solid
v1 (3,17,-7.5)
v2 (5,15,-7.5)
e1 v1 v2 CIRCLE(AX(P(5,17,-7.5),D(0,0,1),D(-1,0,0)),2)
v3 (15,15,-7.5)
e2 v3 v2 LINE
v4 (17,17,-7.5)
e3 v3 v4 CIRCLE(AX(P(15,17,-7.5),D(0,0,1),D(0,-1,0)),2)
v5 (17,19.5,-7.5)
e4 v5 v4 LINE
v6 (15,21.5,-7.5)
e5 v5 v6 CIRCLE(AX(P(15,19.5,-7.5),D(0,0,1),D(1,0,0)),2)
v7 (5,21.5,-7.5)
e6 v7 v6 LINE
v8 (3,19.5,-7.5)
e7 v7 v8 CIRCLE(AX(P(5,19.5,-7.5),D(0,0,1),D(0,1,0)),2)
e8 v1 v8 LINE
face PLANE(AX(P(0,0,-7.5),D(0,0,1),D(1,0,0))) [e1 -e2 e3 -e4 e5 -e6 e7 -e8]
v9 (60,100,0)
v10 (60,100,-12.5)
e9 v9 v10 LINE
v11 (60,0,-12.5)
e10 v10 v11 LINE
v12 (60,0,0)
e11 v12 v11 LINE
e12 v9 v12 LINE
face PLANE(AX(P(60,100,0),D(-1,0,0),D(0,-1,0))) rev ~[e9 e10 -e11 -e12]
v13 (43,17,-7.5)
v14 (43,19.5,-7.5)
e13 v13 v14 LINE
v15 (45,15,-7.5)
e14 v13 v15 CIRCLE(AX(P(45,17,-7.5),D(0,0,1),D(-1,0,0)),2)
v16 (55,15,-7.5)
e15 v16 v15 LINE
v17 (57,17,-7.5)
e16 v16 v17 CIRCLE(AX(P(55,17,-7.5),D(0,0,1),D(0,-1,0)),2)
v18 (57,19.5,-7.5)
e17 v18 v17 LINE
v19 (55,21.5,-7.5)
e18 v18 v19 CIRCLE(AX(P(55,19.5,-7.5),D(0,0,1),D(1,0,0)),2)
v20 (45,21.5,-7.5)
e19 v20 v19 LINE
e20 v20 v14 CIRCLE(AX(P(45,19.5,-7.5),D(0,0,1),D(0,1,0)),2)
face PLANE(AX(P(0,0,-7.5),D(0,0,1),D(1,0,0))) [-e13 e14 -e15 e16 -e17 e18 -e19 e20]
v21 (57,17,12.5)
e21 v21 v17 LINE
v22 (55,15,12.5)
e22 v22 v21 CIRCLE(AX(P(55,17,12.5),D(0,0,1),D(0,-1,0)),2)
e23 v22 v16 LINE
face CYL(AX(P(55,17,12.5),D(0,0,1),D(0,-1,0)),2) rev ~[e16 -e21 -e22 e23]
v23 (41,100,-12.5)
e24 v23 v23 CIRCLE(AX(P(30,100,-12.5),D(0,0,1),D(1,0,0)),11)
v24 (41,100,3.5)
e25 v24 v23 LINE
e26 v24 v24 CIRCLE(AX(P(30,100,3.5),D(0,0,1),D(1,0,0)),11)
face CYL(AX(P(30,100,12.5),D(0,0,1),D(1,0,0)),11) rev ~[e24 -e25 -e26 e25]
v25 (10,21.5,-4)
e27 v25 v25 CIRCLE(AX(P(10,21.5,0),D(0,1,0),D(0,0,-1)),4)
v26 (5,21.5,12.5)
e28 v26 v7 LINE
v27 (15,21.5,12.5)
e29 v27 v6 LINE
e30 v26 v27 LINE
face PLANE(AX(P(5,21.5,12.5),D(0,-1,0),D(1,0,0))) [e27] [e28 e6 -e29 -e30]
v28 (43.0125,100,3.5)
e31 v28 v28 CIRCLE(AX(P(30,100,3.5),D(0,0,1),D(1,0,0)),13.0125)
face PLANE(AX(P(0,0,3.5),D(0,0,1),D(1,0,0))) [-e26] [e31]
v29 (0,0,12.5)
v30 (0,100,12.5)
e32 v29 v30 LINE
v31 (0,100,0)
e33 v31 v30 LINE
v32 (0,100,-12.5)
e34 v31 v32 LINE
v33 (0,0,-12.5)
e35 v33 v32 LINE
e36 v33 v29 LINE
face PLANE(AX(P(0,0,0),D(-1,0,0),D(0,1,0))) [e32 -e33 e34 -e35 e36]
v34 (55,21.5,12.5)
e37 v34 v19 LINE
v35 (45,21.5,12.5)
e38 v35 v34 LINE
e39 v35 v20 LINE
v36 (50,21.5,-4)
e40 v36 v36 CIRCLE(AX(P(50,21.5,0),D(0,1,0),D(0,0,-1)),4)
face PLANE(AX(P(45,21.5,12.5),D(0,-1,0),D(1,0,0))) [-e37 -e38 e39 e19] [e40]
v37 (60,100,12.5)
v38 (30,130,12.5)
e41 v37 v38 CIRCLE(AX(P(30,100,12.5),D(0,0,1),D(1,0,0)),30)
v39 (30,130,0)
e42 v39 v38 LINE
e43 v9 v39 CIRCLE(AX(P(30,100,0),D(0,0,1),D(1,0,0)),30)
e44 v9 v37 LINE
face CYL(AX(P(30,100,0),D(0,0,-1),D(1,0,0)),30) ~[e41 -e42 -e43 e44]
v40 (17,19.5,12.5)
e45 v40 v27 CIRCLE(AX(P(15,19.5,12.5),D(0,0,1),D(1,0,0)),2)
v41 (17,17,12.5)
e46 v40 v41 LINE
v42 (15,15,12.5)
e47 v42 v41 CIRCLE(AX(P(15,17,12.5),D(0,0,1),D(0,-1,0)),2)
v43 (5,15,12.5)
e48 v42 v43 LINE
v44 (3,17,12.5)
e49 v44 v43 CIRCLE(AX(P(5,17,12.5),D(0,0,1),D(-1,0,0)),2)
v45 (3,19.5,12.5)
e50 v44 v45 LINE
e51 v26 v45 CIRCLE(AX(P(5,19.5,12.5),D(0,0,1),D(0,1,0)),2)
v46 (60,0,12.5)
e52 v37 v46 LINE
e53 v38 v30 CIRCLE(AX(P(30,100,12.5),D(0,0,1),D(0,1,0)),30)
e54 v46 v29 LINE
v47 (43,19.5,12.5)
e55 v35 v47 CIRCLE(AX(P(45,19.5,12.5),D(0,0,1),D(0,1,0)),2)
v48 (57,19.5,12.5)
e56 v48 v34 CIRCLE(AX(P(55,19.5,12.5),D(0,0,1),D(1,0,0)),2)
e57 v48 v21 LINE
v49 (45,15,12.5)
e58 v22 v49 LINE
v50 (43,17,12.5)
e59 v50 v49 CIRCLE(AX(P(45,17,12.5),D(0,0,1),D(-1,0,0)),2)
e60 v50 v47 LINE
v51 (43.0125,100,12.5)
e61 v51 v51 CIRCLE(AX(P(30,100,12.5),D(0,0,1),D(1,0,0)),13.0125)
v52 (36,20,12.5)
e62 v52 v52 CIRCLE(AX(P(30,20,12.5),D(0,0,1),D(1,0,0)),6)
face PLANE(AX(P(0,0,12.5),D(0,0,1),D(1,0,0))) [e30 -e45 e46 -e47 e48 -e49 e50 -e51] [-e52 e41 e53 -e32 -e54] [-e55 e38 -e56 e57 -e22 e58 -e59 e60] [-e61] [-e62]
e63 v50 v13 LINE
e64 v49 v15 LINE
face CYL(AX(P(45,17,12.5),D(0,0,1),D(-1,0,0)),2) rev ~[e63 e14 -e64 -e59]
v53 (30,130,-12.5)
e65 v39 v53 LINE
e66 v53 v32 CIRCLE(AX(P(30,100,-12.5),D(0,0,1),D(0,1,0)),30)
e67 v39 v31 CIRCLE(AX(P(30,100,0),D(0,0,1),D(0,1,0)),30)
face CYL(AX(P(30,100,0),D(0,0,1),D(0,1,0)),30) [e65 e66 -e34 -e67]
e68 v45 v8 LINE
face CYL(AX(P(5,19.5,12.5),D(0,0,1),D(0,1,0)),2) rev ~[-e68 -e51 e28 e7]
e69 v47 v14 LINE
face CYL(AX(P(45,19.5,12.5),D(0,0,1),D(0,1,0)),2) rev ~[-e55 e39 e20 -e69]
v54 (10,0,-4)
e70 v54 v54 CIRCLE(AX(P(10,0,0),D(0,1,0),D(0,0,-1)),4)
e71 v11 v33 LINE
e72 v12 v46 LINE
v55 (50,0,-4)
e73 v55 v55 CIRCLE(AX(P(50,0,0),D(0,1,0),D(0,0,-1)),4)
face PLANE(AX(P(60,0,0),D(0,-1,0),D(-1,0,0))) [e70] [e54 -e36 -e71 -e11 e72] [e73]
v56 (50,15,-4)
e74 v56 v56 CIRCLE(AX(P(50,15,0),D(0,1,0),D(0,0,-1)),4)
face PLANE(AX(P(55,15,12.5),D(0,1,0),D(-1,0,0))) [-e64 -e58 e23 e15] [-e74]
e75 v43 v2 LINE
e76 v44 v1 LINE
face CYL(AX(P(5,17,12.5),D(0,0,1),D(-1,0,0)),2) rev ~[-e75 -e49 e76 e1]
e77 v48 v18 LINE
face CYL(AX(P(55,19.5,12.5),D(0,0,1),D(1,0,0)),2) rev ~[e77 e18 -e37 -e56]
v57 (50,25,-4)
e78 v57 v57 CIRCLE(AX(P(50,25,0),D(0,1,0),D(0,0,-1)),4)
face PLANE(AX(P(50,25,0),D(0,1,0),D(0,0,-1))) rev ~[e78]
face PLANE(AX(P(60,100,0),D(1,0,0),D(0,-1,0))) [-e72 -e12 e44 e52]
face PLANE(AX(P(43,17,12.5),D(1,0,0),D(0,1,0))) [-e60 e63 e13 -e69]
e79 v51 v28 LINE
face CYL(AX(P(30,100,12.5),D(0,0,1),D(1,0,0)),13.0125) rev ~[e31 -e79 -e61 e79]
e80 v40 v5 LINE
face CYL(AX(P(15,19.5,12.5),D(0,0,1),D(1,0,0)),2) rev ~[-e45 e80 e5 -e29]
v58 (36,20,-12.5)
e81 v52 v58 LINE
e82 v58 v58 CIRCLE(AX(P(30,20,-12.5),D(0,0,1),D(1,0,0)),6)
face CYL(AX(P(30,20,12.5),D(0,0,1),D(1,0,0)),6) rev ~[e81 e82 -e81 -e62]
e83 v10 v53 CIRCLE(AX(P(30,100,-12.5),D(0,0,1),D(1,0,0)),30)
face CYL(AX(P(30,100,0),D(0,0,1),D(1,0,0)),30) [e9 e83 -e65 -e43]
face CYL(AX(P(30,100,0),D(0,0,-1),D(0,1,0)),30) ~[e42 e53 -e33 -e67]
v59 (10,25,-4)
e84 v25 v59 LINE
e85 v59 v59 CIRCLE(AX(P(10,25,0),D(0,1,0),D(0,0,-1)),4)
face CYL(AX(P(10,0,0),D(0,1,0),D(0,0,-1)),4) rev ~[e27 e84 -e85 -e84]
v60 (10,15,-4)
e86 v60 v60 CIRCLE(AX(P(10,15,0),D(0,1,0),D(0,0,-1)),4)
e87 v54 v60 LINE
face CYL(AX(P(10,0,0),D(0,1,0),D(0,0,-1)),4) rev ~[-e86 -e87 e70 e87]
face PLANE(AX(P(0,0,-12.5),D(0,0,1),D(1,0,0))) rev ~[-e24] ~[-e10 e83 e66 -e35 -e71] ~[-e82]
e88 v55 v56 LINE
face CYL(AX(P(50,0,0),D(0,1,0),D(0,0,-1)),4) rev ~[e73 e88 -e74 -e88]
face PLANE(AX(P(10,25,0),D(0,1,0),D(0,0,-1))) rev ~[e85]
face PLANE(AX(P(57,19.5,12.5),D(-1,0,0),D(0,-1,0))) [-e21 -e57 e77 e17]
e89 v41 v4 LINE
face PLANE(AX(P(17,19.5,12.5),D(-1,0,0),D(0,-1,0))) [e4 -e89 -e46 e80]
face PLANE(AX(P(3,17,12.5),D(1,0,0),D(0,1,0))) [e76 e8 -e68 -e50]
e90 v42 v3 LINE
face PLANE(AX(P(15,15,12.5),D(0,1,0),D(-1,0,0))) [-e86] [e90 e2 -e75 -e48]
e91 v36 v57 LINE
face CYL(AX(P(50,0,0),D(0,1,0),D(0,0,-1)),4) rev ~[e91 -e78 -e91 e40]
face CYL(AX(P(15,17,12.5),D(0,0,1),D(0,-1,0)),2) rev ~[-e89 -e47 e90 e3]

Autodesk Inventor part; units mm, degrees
ref_plane "YZ Plane" through (0, 0, 0) normal (1, 0, 0) x (0, 1, 0)
ref_plane "XZ Plane" through (0, 0, 0) normal (0, 1, 0) x (-1, 0, 0)
ref_plane "XY Plane" through (0, 0, 0) normal (0, 0, 1) x (1, 0, 0)
sketch "Boceto1" plane through (0, 0, 0) normal (0, 0, 1) x (1, 0, 0)
  point P0 (0, 0)
sketch "Boceto2" plane through (0, 0, 0) normal (0, 0, 1) x (1, 0, 0)
  line L0 (0, 0) -> (0, 100)
  line L1 (30, 130) -> (30, 130)
  line L2 (60, 100) -> (60, 0)
  line L3 (60, 0) -> (0, 0)
  arc A0 (30, 130) -> (0, 100) centre (30, 100) ccw
  arc A1 (60, 100) -> (30, 130) centre (30, 100) ccw
  point P0 (0, 130)
  point P1 (60, 130)
  dimension "d1" = 30
  dimension "d2" = 100
  dimension "d3" = 60
extrude "Extrusión1" add sketch "Boceto2" along normal mid plane 25
sketch "Boceto9" plane through (0, 0, 12.5) normal (0, -1, 0) x (1, 0, 0)
  circle A0 centre (50, -12.5) radius 4
  line L0 (60, -25) -> (0, -25) projected
  circle A1 centre (10, -12.5) radius 4
  line L1 (0, -12.5) -> (60, -12.5) construction
  line L2 (60, 0) -> (60, -25) construction
  dimension "d52" = 8
  dimension "d88" = 10
  dimension "d89" = 10
hole "Agujero4" at (10, 0, 0) at (50, 0, 0) direction (0, 1, 0) diameter 8 depth 25
thread "Rosca3" size "M8x1.25" class "6H" standard "ANSI Metric M Profile" full length
thread "Rosca4" size "M8x1.25" class "6H" standard "ANSI Metric M Profile" full length
sketch "Boceto10" plane through (0, 0, 12.5) normal (0, 0, 1) x (1, 0, 0)
  circle A0 centre (30, 100) radius 11
  circle A1 centre (30, 100) radius 13.0125
  line L0 (60, 0) -> (60, 100) projected
  line L1 (0, 100) -> (0, 0) projected
  line L2 (40, 144.843) -> (20, 144.843) projected
  dimension "d64" = 22
  dimension "d65" = 30
  dimension "d68" = 26.025
  dimension "d90" = 100
extrude "Extrusión5" cut sketch "Boceto10" against normal through all contours A0
extrude "Extrusión6" cut sketch "Boceto10" against normal blind 9
sketch "Boceto12" plane through (0, 0, 12.5) normal (0, 0, 1) x (1, 0, 0)
  line L0 (5, 21.5) -> (15, 21.5)
  line L1 (17, 19.5) -> (17, 17)
  line L2 (15, 15) -> (5, 15)
  line L3 (3, 17) -> (3, 19.5)
  line L4 (45, 21.5) -> (55, 21.5)
  line L5 (57, 19.5) -> (57, 17)
  line L6 (55, 15) -> (45, 15)
  line L7 (43, 17) -> (43, 19.5)
  line L8 (0, 0) -> (60, 0) projected
  line L9 (10, 0) -> (10, 43.0314) construction
  line L10 (54, 0) -> (46, 0) construction
  line L11 (50, 0) -> (50, 39.0292) construction
  arc A0 (5, 21.5) -> (3, 19.5) centre (5, 19.5) ccw
  arc A1 (3, 17) -> (5, 15) centre (5, 17) ccw
  arc A2 (15, 15) -> (17, 17) centre (15, 17) ccw
  arc A3 (17, 19.5) -> (15, 21.5) centre (15, 19.5) ccw
  arc A4 (45, 21.5) -> (43, 19.5) centre (45, 19.5) ccw
  arc A5 (43, 17) -> (45, 15) centre (45, 17) ccw
  arc A6 (57, 19.5) -> (55, 21.5) centre (55, 19.5) ccw
  arc A7 (55, 15) -> (57, 17) centre (55, 17) ccw
  point P0 (17, 15)
  point P1 (17, 21.5)
  point P2 (3, 15)
  point P3 (43, 21.5)
  point P4 (57, 15)
  point P5 (43, 15)
  dimension "d91" = 14
  dimension "d92" = 14
  dimension "d93" = 6.5
  dimension "d94" = 15
  dimension "d95" = 40
  dimension "d96" = 7
  dimension "d97" = 7
  dimension "d98" = 2
  dimension "d99" = 2
  dimension "d100" = 2
  dimension "d101" = 2
  dimension "d102" = 2
  dimension "d103" = 2
  dimension "d104" = 2
  dimension "d105" = 2
extrude "Extrusión7" cut sketch "Boceto12" against normal blind 20
sketch "Boceto13" plane through (0, 0, 12.5) normal (0, 0, 1) x (1, 0, 0)
  circle A0 centre (30, 20) radius 6
  line L0 (0, 0) -> (60, 0) construction
  line L1 (30, 0) -> (30, 20) construction
  dimension "d108" = 20
  dimension "d109" = 12
extrude "Extrusión8" cut sketch "Boceto13" against normal through all
equation "\"Radio_pliegue\" = Grosor"
equation "\"Anchura_desahogo_plegado\" = Grosor"
equation "\"Profundidad_desahogo_plegado\" = 0.5 * Grosor"
equation "\"Tamaño_destalonado\" = 4 * Grosor"
equation "\"Remanente_mínimo\" = 2 * Grosor"
equation "\"Radiodetransición\" = Radio_pliegue"
equation "\"Tamaño_de_radio_de_Jacobi\" = Grosor"
equation "\"TamañoSeparación\" = Grosor"
equation "\"Grosor\" = 0.5"
properties part number "soporte_riel" material "Nilón 6/6"
